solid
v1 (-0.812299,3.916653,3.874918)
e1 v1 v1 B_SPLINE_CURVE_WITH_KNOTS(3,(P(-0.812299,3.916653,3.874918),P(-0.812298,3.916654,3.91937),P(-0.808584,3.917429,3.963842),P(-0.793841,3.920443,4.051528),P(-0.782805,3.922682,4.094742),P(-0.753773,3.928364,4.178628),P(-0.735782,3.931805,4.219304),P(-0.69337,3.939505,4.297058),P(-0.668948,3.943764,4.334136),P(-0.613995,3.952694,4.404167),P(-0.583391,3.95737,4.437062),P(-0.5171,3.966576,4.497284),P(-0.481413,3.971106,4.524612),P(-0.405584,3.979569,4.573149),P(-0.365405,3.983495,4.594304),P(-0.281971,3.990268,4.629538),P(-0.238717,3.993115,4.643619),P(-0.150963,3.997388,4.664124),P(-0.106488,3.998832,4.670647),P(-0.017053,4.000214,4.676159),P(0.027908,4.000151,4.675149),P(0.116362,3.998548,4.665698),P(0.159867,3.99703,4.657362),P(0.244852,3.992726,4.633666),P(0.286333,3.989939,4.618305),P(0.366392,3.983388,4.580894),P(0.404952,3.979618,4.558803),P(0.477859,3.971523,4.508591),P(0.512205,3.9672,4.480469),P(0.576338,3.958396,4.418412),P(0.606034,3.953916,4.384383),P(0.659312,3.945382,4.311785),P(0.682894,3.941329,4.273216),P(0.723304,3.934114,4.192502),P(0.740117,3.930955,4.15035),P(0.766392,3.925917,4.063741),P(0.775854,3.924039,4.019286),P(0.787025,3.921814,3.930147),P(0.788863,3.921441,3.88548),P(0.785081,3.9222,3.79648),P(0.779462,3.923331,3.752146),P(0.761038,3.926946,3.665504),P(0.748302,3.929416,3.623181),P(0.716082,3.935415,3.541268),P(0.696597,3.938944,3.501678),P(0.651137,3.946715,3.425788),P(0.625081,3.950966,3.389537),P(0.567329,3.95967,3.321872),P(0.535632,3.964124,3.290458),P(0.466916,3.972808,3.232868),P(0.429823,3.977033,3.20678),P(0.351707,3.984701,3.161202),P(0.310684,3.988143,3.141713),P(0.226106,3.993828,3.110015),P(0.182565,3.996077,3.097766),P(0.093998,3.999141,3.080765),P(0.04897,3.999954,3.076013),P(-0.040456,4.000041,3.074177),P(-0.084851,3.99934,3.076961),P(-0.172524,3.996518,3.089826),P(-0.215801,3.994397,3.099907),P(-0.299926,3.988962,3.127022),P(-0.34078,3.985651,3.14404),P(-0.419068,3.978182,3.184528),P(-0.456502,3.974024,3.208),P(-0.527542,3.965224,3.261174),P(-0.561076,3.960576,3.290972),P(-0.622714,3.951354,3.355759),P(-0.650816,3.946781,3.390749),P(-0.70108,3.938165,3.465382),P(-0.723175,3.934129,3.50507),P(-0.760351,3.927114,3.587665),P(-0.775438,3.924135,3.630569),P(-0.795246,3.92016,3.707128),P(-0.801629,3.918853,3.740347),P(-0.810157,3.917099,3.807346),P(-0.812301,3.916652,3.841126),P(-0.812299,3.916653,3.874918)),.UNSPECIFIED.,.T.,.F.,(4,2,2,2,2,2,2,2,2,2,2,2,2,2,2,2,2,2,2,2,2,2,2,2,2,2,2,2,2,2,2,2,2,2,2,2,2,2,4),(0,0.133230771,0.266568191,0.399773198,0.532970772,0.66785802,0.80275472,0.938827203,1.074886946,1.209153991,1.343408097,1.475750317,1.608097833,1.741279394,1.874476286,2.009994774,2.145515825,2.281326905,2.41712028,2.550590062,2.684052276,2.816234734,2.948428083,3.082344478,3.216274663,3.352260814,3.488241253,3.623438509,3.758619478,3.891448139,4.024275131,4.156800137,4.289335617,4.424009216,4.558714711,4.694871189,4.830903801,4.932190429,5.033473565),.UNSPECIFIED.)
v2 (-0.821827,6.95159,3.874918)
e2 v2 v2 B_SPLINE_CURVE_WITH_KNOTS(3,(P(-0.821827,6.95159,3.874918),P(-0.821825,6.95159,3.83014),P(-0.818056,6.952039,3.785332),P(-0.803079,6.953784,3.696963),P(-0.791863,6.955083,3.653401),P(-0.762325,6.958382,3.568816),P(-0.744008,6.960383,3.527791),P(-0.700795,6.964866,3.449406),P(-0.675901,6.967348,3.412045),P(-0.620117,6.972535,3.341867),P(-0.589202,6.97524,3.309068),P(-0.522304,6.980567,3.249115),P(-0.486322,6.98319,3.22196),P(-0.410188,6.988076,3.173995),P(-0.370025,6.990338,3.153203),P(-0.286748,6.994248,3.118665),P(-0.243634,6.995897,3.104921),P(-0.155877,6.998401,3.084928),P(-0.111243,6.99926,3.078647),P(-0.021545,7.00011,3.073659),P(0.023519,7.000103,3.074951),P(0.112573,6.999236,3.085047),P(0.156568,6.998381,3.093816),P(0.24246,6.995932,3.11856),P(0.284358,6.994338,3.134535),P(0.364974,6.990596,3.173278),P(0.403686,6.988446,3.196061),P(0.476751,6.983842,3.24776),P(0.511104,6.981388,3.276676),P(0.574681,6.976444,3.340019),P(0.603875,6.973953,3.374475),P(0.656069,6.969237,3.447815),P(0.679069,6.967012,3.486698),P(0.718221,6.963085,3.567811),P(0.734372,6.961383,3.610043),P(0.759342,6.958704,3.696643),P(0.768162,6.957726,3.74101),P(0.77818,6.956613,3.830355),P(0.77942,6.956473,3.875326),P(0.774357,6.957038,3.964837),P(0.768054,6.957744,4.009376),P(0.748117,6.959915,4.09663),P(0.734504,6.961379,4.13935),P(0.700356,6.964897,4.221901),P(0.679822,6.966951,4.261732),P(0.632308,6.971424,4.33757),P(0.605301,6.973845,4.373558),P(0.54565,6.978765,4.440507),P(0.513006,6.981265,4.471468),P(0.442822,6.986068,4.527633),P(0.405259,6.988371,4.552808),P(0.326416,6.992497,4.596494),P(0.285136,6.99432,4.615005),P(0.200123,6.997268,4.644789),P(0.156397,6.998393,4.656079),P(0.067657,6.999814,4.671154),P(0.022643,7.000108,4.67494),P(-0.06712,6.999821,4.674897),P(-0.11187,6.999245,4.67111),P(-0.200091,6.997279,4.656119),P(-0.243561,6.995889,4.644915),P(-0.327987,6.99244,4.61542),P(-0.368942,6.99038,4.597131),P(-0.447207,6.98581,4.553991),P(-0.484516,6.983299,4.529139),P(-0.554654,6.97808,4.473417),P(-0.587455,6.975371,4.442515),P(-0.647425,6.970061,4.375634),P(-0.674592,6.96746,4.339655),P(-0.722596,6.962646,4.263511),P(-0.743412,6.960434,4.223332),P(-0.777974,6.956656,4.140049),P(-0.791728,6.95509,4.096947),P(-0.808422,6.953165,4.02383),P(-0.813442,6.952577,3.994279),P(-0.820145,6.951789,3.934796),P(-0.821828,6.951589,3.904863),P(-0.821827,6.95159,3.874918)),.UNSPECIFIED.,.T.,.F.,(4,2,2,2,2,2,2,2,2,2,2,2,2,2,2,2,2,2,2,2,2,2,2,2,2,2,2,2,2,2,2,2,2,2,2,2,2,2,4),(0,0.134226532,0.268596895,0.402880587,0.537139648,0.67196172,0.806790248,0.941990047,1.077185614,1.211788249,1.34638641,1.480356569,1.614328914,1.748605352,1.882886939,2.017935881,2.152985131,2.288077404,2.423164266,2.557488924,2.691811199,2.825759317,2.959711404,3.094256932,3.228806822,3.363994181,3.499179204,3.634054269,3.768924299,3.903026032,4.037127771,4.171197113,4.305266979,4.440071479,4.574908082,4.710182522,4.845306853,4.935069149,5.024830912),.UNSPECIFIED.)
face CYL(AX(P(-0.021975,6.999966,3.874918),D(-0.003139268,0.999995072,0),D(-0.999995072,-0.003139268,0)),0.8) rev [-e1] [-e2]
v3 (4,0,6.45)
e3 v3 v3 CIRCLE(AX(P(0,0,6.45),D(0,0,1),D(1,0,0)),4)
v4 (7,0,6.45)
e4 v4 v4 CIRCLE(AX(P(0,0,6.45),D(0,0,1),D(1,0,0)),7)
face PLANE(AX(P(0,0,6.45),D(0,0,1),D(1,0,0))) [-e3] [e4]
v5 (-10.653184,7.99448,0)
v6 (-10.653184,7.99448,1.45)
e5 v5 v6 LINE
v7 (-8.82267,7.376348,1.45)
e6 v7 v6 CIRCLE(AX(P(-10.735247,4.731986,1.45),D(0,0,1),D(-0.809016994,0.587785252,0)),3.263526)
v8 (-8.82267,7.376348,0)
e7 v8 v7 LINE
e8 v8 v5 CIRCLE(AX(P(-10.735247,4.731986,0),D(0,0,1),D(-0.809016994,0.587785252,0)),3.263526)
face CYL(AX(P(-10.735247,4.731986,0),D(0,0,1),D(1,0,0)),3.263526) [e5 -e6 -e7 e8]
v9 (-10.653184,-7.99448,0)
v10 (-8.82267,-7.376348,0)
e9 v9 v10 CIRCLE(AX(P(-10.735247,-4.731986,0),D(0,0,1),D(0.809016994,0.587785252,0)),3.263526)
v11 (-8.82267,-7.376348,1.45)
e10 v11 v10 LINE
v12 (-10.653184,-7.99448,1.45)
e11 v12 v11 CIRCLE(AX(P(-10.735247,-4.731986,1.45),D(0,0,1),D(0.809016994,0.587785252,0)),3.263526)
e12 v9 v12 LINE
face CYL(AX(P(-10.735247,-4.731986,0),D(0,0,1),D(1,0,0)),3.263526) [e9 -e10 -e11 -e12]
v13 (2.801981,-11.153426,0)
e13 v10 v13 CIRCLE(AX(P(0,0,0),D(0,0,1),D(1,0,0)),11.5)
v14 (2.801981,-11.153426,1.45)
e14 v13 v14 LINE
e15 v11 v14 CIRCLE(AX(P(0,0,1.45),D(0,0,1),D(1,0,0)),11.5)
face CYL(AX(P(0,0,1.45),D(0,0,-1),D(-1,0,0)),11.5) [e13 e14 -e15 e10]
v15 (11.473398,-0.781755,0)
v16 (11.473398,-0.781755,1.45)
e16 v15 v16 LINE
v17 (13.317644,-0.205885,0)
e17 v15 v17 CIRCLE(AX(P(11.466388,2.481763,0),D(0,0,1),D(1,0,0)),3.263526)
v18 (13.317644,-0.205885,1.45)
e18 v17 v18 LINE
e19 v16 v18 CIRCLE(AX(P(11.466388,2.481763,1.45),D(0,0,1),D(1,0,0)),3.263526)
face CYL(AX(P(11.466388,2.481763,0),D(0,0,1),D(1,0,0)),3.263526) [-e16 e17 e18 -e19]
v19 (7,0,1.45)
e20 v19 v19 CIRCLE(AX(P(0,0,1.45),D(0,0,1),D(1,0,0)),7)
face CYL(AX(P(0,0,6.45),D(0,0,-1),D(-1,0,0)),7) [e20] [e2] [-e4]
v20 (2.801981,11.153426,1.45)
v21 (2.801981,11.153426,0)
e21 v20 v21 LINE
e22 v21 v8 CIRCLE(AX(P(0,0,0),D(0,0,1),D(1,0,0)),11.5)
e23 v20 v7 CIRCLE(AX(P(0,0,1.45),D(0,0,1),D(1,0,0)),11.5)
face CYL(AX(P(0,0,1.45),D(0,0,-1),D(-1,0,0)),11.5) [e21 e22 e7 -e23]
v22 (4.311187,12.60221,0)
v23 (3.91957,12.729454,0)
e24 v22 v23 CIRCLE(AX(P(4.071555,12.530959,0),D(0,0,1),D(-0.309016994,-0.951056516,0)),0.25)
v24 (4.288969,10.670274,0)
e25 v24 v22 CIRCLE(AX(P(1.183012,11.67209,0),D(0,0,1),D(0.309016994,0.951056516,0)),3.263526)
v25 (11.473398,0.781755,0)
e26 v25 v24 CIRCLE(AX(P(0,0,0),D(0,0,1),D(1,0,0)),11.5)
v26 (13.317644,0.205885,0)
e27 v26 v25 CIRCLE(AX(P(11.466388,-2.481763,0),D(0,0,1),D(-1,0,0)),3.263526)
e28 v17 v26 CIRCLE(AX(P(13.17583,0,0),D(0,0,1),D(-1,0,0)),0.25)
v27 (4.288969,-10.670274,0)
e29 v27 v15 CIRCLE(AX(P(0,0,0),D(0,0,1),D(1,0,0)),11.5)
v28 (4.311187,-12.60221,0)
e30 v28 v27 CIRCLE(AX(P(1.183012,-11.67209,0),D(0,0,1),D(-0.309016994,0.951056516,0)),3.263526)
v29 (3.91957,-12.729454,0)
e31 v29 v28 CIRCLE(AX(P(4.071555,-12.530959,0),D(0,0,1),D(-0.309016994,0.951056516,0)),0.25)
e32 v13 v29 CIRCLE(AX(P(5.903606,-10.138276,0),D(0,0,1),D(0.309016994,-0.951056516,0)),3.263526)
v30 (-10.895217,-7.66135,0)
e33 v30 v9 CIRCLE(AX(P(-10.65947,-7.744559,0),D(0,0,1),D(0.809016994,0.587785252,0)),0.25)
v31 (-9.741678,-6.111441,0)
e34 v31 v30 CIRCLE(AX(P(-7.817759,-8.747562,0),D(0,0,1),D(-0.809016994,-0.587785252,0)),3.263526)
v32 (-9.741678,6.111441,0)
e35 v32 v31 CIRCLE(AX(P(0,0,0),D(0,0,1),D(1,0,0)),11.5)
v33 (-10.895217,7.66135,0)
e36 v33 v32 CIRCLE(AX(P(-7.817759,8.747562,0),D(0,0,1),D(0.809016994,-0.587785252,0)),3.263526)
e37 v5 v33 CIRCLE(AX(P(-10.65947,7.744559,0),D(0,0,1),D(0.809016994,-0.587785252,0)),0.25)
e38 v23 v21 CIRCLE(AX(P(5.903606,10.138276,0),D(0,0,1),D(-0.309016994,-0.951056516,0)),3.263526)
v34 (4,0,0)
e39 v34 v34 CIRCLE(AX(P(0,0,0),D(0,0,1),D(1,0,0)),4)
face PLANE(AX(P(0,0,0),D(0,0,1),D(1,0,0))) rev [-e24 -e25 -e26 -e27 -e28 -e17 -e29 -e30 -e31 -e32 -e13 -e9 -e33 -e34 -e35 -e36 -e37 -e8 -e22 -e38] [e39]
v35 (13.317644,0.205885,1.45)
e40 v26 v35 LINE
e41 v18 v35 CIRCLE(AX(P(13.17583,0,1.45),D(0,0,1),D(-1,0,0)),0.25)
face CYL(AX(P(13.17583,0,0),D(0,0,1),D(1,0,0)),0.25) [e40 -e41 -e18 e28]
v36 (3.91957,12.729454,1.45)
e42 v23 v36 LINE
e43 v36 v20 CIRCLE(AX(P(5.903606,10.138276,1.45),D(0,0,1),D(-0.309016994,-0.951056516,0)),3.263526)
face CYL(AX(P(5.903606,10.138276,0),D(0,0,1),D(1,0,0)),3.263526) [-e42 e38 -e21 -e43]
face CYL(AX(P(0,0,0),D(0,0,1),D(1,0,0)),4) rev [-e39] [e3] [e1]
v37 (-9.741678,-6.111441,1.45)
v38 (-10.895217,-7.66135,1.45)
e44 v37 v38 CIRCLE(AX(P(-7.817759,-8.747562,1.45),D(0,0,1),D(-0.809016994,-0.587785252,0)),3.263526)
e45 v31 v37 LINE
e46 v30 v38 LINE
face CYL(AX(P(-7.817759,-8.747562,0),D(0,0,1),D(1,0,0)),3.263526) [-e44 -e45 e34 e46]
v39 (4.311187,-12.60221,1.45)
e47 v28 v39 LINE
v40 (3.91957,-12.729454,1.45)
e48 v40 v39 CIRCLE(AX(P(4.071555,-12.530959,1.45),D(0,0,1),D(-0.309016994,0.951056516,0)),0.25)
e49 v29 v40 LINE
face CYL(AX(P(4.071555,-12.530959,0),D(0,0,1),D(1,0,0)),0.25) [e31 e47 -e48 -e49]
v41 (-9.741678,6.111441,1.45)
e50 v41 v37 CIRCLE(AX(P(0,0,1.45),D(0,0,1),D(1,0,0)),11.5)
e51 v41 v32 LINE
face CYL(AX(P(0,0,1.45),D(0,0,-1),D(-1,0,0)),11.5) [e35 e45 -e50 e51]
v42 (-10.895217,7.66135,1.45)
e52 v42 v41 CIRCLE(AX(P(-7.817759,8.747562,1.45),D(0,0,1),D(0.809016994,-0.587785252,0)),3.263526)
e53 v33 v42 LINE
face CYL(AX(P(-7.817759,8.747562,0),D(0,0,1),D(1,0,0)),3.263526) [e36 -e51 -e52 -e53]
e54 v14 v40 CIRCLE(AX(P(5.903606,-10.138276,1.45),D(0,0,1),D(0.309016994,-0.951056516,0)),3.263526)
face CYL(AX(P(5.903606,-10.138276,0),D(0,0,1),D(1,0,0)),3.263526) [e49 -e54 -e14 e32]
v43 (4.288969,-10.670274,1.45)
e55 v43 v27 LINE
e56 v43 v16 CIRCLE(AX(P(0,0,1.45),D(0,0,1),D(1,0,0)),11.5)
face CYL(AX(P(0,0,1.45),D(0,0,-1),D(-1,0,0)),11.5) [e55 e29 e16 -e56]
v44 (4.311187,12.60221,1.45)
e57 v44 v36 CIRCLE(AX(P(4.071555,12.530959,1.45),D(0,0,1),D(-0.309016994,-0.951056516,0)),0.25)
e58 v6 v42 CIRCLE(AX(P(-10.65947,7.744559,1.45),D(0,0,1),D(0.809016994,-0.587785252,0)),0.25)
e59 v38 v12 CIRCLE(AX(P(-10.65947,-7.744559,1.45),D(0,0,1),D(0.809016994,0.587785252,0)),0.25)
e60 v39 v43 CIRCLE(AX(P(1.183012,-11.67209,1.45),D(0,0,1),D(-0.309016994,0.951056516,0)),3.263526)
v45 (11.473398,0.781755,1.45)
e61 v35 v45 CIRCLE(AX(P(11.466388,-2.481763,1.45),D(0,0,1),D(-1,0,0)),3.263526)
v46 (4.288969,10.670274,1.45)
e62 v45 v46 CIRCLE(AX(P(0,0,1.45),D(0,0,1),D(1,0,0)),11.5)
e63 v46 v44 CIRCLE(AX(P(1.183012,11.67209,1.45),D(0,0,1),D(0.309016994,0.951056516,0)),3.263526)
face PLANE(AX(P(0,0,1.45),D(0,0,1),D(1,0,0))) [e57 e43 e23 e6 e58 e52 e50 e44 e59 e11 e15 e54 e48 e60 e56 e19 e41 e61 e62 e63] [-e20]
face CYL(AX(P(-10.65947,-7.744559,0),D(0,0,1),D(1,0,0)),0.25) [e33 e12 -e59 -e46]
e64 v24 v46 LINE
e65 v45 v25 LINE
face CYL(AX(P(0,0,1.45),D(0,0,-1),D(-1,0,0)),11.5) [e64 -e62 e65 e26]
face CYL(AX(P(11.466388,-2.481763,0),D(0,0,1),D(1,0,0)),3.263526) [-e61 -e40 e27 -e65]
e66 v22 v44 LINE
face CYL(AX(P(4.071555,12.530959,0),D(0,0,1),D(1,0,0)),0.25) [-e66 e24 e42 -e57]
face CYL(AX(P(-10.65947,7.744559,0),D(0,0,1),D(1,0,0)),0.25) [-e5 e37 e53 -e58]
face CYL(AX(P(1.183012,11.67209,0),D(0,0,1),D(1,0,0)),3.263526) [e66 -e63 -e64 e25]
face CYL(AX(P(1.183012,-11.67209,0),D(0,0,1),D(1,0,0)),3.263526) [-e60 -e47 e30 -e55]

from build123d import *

# Parameters (mm, degrees)
SKETCH1_R                 = 11.5
BOSS_EXTRUDE1_DEPTH       = 1.45
BOSS_EXTRUDE2_DEPTH       = 1.45
CIRPATTERN2_COUNT         = 5
SKETCH4_R                 = 4
CUT_EXTRUDE1_DEPTH        = 1.45
BOSS_EXTRUDE3_START       = 5
SKETCH5_R                 = 7
SKETCH5_R_2               = 4
BOSS_EXTRUDE3_DEPTH       = 5
M2X0_4_TAPPED_HOLE3_D     = 1.6
M2X0_4_TAPPED_HOLE3_DEPTH = 5.2
M2X0_4_TAPPED_HOLE3_TIP   = 0.480688495


with BuildPart() as part:
    # Sketch1 → Boss-Extrude1 (new body)
    with BuildSketch(Plane.XY):
        Circle(SKETCH1_R)
    extrude(amount=BOSS_EXTRUDE1_DEPTH)

    # Sketch2 → Boss-Extrude2 (add)
    with BuildSketch(Plane.XY.offset(1.45)):
        with BuildLine():
            Line((11.466388324, -0.781762992), (11.466388324, 0.781762992))
            ThreePointArc((11.466388324, 0.781762992), (12.435767446, 0.634469665), (13.317644229, 0.205885315))
            ThreePointArc((13.317644229, 0.205885315), (13.425830137, 0), (13.317644229, -0.205885315))
            ThreePointArc((13.317644229, -0.205885315), (12.435767446, -0.634469665), (11.466388324, -0.781762992))
        make_face()
    boss_extrude2 = extrude(amount=-BOSS_EXTRUDE2_DEPTH)

    # CirPattern2: Boss-Extrude2 ×5 about axis
    cirpattern2_axis = Axis((0, 0, 0), (0, 0, 1))
    for i in range(1, CIRPATTERN2_COUNT):
        add(boss_extrude2.rotate(cirpattern2_axis, i * 360 / CIRPATTERN2_COUNT))

    # Sketch4 → Cut-Extrude1 (cut)
    with BuildSketch(Plane.XY.offset(1.45)):
        Circle(SKETCH4_R)
    extrude(amount=-CUT_EXTRUDE1_DEPTH, mode=Mode.SUBTRACT)

    # Sketch5 → Boss-Extrude3 (add)
    with BuildSketch(Plane.XY.offset(1.45).offset(BOSS_EXTRUDE3_START)):
        Circle(SKETCH5_R)
        Circle(SKETCH5_R_2, mode=Mode.SUBTRACT)
    extrude(amount=-BOSS_EXTRUDE3_DEPTH)

    # M2x0.4 Tapped Hole3
    with Locations(Plane(origin=(-0.021974878, 6.999965507, 3.87491846), x_dir=(0.999995072485, 0.003139268242, 0), z_dir=(-0.003139268242, 0.999995072485, 0))):
        with Locations((0, 0)):
            Hole(M2X0_4_TAPPED_HOLE3_D / 2, depth=M2X0_4_TAPPED_HOLE3_DEPTH)
            with Locations((0, 0, -(M2X0_4_TAPPED_HOLE3_DEPTH + M2X0_4_TAPPED_HOLE3_TIP / 2))):  # 118° drill point
                Cone(0, M2X0_4_TAPPED_HOLE3_D / 2, M2X0_4_TAPPED_HOLE3_TIP, mode=Mode.SUBTRACT)


solid = part.part
